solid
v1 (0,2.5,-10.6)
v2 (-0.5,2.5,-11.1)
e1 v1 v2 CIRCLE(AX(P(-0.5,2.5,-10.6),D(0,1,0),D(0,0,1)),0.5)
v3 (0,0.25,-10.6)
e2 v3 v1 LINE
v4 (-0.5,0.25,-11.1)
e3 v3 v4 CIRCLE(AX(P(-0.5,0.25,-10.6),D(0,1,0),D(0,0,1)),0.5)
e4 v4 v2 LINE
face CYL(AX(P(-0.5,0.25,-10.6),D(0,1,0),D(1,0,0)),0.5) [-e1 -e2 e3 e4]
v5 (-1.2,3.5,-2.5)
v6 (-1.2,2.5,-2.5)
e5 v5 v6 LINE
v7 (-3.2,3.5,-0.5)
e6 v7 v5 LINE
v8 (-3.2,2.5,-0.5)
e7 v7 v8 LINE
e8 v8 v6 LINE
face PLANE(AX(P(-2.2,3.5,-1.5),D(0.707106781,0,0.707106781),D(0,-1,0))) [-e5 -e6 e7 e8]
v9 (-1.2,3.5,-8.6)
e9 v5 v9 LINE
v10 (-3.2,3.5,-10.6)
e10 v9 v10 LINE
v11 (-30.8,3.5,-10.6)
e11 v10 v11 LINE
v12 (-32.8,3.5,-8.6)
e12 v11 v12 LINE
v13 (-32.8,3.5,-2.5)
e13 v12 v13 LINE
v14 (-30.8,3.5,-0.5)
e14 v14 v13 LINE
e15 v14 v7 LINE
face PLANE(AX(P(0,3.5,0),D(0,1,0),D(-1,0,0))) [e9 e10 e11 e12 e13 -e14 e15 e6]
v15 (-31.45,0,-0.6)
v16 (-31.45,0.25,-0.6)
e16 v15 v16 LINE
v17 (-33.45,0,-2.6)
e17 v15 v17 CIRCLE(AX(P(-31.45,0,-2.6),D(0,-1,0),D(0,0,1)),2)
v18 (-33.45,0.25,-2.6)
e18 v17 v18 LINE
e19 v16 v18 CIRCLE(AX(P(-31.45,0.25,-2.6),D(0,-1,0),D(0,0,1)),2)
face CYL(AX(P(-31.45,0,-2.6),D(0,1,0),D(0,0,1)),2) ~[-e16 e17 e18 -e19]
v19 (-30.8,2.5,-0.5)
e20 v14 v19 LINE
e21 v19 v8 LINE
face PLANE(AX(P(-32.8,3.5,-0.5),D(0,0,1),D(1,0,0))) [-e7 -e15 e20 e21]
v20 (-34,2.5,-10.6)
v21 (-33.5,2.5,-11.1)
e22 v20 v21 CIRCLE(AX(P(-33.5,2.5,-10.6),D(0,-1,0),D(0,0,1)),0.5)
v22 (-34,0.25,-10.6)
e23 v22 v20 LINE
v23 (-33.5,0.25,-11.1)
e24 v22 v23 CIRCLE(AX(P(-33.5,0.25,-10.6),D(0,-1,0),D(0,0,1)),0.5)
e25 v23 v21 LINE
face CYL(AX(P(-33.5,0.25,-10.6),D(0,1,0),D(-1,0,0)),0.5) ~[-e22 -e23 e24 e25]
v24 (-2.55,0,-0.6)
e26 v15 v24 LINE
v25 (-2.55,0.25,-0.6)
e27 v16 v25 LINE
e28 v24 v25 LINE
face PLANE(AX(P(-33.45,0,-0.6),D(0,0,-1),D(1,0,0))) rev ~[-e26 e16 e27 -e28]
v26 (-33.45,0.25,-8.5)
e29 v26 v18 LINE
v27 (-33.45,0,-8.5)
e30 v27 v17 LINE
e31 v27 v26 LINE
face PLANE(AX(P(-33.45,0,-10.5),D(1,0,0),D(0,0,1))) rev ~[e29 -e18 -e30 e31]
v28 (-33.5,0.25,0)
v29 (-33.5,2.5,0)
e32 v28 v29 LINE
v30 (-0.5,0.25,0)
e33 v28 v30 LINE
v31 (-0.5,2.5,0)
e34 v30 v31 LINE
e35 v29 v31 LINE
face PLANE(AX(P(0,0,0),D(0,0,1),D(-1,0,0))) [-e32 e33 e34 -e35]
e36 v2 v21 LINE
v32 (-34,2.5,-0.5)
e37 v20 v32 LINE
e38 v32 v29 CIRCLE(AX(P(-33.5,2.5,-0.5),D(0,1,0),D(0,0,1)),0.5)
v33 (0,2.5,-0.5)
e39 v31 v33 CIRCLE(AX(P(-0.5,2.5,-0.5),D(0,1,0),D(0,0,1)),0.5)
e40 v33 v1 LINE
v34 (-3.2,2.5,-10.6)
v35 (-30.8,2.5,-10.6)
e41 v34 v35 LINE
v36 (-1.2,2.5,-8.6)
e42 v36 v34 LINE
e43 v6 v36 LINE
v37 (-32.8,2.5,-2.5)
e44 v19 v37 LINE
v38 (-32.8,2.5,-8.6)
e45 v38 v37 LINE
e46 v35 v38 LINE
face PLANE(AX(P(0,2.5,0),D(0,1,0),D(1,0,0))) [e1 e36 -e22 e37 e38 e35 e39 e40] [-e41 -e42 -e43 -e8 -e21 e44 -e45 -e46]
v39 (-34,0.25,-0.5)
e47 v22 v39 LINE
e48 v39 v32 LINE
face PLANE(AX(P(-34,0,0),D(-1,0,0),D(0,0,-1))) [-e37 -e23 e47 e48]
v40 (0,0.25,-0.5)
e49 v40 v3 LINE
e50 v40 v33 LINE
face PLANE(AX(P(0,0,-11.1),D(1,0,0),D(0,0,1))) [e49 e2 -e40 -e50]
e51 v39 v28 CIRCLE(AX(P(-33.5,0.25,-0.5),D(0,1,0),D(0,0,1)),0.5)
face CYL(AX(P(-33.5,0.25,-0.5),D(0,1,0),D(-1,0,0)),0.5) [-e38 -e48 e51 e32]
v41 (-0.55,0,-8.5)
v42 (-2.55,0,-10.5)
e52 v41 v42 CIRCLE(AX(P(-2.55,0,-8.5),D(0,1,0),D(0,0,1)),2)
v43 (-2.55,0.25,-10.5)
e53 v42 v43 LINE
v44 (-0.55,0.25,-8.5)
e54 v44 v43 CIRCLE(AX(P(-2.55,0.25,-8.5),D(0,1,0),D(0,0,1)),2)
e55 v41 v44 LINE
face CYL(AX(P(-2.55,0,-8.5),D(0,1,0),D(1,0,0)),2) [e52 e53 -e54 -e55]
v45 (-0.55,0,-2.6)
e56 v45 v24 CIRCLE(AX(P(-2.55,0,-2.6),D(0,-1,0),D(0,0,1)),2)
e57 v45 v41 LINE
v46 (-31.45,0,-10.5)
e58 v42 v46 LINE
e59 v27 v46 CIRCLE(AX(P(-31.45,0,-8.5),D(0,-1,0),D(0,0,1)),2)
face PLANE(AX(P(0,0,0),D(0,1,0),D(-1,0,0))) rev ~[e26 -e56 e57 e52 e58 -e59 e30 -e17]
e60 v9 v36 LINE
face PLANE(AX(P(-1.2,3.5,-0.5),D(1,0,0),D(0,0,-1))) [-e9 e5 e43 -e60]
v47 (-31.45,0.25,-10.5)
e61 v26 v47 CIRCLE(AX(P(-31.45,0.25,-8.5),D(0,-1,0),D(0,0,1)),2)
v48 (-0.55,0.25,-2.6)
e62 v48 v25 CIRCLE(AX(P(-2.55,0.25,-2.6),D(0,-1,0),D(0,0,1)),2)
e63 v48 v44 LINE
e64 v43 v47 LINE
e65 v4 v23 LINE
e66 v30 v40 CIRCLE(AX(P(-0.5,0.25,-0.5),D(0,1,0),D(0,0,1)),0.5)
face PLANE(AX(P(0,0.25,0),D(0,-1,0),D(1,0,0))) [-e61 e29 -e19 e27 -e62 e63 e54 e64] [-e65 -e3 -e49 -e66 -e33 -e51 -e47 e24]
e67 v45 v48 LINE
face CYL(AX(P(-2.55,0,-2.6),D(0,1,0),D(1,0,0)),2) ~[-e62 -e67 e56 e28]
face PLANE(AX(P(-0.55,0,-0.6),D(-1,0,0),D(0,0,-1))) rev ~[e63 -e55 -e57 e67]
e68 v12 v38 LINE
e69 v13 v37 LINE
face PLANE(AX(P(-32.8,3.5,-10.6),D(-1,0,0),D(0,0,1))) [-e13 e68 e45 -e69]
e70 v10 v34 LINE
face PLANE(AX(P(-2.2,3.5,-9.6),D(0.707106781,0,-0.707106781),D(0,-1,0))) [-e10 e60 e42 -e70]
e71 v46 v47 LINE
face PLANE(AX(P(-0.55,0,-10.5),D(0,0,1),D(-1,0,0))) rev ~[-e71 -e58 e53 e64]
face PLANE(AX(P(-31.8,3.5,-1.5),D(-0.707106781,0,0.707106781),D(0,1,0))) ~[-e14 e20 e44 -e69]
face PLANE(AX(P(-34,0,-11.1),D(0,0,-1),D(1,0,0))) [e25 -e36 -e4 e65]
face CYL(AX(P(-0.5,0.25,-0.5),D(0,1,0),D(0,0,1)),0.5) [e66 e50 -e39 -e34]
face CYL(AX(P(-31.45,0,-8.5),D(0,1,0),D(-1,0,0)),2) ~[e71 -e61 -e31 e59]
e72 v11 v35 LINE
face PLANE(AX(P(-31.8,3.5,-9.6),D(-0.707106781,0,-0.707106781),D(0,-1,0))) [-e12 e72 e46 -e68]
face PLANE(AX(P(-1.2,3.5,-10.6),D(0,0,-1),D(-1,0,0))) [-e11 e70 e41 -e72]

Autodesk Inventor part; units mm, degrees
ref_plane "YZ Plane" through (0, 0, 0) normal (1, 0, 0) x (0, 1, 0)
ref_plane "XZ Plane" through (0, 0, 0) normal (0, 1, 0) x (-1, 0, 0)
ref_plane "XY Plane" through (0, 0, 0) normal (0, 0, 1) x (1, 0, 0)
sketch "Sketch1" plane through (0, 0, 0) normal (0, 1, 0) x (-1, 0, 0)
  line L0 (0, 0) -> (34, 0)
  line L1 (34, 0) -> (34, -11.1)
  line L2 (34, -11.1) -> (0, -11.1)
  line L3 (0, -11.1) -> (0, 0)
  dimension "d0" = 34
  dimension "d1" = 11.1
extrude "Extrusion1" add sketch "Sketch1" along normal blind 3.5
sketch "Sketch2" plane through (0, 3.5, 0) normal (0, 1, 0) x (1, 0, 0)
  line L0 (-32.8, 0.5) -> (-1.2, 0.5)
  line L1 (-1.2, 0.5) -> (-1.2, 10.6)
  line L2 (-1.2, 10.6) -> (-32.8, 10.6)
  line L3 (-32.8, 10.6) -> (-32.8, 0.5)
  line L4 (-34, 11.1) -> (-34, 0) projected
  line L5 (0, 0) -> (0, 11.1) projected
  line L6 (0, 11.1) -> (-34, 11.1) projected
  line L7 (-34, 0) -> (0, 0) projected
  dimension "d4" = 1.2
  dimension "d5" = 1.2
  dimension "d6" = 0.5
  dimension "d7" = 0.5
extrude "Extrusion2" cut sketch "Sketch2" against normal blind 1
sketch "Sketch3" plane through (0, 0, 0) normal (0, -1, 0) x (1, 0, 0)
  line L0 (-0.55, -10.5) -> (-33.45, -10.5)
  line L1 (-33.45, -10.5) -> (-33.45, -0.6)
  line L2 (-33.45, -0.6) -> (-0.55, -0.6)
  line L3 (-0.55, -0.6) -> (-0.55, -10.5)
  line L4 (-0.55, -10.5) -> (-33.45, -0.6) construction
  line L5 (-33.45, -10.5) -> (-0.55, -0.6) construction
  line L6 (-17, -5.55) -> (-17, -7.3465)
  line L7 (-17, -7.3465) -> (-17, -5.55)
  line L8 (-22.3316, -5.55) -> (-22.3865, -5.55)
  line L9 (-22.3865, -5.55) -> (-17, -5.55)
  line L10 (-34, -11.1) -> (-34, 0) projected
  line L11 (0, -11.1) -> (-34, -11.1) projected
  line L12 (0, -11.1) -> (-34, -11.1) projected
  line L13 (0, 0) -> (0, -11.1) projected
  line L14 (-34, 0) -> (0, 0) projected
  line L15 (-34, -11.1) -> (-34, 0) projected
  point P0 (-34, -5.55)
  point P1 (-17, -11.1)
  dimension "d10" = 32.9
  dimension "d11" = 9.9
extrude "Extrusion3" cut sketch "Sketch3" against normal blind 0.25
fillet "Fillet1" radius 2 4 edges at (-33.45, 0.125, -10.5) (-33.45, 0.125, -0.6) (-0.55, 0.125, -0.6) (-0.55, 0.125, -10.5)
fillet "Fillet2" radius 0.5 4 edges at (-34, 1.375, 0) (-34, 1.375, -11.1) (0, 1.375, 0) (0, 1.375, -11.1)
chamfer "Chamfer1" distance 2 angle 45 4 edges at (-1.2, 3, -0.5) (-1.2, 3, -10.6) (-32.8, 3, -0.5) (-32.8, 3, -10.6)
equation "\"d5\" = d4"
equation "\"d7\" = d6"
properties part number "Speka" material "Acetal Resin, Black"
